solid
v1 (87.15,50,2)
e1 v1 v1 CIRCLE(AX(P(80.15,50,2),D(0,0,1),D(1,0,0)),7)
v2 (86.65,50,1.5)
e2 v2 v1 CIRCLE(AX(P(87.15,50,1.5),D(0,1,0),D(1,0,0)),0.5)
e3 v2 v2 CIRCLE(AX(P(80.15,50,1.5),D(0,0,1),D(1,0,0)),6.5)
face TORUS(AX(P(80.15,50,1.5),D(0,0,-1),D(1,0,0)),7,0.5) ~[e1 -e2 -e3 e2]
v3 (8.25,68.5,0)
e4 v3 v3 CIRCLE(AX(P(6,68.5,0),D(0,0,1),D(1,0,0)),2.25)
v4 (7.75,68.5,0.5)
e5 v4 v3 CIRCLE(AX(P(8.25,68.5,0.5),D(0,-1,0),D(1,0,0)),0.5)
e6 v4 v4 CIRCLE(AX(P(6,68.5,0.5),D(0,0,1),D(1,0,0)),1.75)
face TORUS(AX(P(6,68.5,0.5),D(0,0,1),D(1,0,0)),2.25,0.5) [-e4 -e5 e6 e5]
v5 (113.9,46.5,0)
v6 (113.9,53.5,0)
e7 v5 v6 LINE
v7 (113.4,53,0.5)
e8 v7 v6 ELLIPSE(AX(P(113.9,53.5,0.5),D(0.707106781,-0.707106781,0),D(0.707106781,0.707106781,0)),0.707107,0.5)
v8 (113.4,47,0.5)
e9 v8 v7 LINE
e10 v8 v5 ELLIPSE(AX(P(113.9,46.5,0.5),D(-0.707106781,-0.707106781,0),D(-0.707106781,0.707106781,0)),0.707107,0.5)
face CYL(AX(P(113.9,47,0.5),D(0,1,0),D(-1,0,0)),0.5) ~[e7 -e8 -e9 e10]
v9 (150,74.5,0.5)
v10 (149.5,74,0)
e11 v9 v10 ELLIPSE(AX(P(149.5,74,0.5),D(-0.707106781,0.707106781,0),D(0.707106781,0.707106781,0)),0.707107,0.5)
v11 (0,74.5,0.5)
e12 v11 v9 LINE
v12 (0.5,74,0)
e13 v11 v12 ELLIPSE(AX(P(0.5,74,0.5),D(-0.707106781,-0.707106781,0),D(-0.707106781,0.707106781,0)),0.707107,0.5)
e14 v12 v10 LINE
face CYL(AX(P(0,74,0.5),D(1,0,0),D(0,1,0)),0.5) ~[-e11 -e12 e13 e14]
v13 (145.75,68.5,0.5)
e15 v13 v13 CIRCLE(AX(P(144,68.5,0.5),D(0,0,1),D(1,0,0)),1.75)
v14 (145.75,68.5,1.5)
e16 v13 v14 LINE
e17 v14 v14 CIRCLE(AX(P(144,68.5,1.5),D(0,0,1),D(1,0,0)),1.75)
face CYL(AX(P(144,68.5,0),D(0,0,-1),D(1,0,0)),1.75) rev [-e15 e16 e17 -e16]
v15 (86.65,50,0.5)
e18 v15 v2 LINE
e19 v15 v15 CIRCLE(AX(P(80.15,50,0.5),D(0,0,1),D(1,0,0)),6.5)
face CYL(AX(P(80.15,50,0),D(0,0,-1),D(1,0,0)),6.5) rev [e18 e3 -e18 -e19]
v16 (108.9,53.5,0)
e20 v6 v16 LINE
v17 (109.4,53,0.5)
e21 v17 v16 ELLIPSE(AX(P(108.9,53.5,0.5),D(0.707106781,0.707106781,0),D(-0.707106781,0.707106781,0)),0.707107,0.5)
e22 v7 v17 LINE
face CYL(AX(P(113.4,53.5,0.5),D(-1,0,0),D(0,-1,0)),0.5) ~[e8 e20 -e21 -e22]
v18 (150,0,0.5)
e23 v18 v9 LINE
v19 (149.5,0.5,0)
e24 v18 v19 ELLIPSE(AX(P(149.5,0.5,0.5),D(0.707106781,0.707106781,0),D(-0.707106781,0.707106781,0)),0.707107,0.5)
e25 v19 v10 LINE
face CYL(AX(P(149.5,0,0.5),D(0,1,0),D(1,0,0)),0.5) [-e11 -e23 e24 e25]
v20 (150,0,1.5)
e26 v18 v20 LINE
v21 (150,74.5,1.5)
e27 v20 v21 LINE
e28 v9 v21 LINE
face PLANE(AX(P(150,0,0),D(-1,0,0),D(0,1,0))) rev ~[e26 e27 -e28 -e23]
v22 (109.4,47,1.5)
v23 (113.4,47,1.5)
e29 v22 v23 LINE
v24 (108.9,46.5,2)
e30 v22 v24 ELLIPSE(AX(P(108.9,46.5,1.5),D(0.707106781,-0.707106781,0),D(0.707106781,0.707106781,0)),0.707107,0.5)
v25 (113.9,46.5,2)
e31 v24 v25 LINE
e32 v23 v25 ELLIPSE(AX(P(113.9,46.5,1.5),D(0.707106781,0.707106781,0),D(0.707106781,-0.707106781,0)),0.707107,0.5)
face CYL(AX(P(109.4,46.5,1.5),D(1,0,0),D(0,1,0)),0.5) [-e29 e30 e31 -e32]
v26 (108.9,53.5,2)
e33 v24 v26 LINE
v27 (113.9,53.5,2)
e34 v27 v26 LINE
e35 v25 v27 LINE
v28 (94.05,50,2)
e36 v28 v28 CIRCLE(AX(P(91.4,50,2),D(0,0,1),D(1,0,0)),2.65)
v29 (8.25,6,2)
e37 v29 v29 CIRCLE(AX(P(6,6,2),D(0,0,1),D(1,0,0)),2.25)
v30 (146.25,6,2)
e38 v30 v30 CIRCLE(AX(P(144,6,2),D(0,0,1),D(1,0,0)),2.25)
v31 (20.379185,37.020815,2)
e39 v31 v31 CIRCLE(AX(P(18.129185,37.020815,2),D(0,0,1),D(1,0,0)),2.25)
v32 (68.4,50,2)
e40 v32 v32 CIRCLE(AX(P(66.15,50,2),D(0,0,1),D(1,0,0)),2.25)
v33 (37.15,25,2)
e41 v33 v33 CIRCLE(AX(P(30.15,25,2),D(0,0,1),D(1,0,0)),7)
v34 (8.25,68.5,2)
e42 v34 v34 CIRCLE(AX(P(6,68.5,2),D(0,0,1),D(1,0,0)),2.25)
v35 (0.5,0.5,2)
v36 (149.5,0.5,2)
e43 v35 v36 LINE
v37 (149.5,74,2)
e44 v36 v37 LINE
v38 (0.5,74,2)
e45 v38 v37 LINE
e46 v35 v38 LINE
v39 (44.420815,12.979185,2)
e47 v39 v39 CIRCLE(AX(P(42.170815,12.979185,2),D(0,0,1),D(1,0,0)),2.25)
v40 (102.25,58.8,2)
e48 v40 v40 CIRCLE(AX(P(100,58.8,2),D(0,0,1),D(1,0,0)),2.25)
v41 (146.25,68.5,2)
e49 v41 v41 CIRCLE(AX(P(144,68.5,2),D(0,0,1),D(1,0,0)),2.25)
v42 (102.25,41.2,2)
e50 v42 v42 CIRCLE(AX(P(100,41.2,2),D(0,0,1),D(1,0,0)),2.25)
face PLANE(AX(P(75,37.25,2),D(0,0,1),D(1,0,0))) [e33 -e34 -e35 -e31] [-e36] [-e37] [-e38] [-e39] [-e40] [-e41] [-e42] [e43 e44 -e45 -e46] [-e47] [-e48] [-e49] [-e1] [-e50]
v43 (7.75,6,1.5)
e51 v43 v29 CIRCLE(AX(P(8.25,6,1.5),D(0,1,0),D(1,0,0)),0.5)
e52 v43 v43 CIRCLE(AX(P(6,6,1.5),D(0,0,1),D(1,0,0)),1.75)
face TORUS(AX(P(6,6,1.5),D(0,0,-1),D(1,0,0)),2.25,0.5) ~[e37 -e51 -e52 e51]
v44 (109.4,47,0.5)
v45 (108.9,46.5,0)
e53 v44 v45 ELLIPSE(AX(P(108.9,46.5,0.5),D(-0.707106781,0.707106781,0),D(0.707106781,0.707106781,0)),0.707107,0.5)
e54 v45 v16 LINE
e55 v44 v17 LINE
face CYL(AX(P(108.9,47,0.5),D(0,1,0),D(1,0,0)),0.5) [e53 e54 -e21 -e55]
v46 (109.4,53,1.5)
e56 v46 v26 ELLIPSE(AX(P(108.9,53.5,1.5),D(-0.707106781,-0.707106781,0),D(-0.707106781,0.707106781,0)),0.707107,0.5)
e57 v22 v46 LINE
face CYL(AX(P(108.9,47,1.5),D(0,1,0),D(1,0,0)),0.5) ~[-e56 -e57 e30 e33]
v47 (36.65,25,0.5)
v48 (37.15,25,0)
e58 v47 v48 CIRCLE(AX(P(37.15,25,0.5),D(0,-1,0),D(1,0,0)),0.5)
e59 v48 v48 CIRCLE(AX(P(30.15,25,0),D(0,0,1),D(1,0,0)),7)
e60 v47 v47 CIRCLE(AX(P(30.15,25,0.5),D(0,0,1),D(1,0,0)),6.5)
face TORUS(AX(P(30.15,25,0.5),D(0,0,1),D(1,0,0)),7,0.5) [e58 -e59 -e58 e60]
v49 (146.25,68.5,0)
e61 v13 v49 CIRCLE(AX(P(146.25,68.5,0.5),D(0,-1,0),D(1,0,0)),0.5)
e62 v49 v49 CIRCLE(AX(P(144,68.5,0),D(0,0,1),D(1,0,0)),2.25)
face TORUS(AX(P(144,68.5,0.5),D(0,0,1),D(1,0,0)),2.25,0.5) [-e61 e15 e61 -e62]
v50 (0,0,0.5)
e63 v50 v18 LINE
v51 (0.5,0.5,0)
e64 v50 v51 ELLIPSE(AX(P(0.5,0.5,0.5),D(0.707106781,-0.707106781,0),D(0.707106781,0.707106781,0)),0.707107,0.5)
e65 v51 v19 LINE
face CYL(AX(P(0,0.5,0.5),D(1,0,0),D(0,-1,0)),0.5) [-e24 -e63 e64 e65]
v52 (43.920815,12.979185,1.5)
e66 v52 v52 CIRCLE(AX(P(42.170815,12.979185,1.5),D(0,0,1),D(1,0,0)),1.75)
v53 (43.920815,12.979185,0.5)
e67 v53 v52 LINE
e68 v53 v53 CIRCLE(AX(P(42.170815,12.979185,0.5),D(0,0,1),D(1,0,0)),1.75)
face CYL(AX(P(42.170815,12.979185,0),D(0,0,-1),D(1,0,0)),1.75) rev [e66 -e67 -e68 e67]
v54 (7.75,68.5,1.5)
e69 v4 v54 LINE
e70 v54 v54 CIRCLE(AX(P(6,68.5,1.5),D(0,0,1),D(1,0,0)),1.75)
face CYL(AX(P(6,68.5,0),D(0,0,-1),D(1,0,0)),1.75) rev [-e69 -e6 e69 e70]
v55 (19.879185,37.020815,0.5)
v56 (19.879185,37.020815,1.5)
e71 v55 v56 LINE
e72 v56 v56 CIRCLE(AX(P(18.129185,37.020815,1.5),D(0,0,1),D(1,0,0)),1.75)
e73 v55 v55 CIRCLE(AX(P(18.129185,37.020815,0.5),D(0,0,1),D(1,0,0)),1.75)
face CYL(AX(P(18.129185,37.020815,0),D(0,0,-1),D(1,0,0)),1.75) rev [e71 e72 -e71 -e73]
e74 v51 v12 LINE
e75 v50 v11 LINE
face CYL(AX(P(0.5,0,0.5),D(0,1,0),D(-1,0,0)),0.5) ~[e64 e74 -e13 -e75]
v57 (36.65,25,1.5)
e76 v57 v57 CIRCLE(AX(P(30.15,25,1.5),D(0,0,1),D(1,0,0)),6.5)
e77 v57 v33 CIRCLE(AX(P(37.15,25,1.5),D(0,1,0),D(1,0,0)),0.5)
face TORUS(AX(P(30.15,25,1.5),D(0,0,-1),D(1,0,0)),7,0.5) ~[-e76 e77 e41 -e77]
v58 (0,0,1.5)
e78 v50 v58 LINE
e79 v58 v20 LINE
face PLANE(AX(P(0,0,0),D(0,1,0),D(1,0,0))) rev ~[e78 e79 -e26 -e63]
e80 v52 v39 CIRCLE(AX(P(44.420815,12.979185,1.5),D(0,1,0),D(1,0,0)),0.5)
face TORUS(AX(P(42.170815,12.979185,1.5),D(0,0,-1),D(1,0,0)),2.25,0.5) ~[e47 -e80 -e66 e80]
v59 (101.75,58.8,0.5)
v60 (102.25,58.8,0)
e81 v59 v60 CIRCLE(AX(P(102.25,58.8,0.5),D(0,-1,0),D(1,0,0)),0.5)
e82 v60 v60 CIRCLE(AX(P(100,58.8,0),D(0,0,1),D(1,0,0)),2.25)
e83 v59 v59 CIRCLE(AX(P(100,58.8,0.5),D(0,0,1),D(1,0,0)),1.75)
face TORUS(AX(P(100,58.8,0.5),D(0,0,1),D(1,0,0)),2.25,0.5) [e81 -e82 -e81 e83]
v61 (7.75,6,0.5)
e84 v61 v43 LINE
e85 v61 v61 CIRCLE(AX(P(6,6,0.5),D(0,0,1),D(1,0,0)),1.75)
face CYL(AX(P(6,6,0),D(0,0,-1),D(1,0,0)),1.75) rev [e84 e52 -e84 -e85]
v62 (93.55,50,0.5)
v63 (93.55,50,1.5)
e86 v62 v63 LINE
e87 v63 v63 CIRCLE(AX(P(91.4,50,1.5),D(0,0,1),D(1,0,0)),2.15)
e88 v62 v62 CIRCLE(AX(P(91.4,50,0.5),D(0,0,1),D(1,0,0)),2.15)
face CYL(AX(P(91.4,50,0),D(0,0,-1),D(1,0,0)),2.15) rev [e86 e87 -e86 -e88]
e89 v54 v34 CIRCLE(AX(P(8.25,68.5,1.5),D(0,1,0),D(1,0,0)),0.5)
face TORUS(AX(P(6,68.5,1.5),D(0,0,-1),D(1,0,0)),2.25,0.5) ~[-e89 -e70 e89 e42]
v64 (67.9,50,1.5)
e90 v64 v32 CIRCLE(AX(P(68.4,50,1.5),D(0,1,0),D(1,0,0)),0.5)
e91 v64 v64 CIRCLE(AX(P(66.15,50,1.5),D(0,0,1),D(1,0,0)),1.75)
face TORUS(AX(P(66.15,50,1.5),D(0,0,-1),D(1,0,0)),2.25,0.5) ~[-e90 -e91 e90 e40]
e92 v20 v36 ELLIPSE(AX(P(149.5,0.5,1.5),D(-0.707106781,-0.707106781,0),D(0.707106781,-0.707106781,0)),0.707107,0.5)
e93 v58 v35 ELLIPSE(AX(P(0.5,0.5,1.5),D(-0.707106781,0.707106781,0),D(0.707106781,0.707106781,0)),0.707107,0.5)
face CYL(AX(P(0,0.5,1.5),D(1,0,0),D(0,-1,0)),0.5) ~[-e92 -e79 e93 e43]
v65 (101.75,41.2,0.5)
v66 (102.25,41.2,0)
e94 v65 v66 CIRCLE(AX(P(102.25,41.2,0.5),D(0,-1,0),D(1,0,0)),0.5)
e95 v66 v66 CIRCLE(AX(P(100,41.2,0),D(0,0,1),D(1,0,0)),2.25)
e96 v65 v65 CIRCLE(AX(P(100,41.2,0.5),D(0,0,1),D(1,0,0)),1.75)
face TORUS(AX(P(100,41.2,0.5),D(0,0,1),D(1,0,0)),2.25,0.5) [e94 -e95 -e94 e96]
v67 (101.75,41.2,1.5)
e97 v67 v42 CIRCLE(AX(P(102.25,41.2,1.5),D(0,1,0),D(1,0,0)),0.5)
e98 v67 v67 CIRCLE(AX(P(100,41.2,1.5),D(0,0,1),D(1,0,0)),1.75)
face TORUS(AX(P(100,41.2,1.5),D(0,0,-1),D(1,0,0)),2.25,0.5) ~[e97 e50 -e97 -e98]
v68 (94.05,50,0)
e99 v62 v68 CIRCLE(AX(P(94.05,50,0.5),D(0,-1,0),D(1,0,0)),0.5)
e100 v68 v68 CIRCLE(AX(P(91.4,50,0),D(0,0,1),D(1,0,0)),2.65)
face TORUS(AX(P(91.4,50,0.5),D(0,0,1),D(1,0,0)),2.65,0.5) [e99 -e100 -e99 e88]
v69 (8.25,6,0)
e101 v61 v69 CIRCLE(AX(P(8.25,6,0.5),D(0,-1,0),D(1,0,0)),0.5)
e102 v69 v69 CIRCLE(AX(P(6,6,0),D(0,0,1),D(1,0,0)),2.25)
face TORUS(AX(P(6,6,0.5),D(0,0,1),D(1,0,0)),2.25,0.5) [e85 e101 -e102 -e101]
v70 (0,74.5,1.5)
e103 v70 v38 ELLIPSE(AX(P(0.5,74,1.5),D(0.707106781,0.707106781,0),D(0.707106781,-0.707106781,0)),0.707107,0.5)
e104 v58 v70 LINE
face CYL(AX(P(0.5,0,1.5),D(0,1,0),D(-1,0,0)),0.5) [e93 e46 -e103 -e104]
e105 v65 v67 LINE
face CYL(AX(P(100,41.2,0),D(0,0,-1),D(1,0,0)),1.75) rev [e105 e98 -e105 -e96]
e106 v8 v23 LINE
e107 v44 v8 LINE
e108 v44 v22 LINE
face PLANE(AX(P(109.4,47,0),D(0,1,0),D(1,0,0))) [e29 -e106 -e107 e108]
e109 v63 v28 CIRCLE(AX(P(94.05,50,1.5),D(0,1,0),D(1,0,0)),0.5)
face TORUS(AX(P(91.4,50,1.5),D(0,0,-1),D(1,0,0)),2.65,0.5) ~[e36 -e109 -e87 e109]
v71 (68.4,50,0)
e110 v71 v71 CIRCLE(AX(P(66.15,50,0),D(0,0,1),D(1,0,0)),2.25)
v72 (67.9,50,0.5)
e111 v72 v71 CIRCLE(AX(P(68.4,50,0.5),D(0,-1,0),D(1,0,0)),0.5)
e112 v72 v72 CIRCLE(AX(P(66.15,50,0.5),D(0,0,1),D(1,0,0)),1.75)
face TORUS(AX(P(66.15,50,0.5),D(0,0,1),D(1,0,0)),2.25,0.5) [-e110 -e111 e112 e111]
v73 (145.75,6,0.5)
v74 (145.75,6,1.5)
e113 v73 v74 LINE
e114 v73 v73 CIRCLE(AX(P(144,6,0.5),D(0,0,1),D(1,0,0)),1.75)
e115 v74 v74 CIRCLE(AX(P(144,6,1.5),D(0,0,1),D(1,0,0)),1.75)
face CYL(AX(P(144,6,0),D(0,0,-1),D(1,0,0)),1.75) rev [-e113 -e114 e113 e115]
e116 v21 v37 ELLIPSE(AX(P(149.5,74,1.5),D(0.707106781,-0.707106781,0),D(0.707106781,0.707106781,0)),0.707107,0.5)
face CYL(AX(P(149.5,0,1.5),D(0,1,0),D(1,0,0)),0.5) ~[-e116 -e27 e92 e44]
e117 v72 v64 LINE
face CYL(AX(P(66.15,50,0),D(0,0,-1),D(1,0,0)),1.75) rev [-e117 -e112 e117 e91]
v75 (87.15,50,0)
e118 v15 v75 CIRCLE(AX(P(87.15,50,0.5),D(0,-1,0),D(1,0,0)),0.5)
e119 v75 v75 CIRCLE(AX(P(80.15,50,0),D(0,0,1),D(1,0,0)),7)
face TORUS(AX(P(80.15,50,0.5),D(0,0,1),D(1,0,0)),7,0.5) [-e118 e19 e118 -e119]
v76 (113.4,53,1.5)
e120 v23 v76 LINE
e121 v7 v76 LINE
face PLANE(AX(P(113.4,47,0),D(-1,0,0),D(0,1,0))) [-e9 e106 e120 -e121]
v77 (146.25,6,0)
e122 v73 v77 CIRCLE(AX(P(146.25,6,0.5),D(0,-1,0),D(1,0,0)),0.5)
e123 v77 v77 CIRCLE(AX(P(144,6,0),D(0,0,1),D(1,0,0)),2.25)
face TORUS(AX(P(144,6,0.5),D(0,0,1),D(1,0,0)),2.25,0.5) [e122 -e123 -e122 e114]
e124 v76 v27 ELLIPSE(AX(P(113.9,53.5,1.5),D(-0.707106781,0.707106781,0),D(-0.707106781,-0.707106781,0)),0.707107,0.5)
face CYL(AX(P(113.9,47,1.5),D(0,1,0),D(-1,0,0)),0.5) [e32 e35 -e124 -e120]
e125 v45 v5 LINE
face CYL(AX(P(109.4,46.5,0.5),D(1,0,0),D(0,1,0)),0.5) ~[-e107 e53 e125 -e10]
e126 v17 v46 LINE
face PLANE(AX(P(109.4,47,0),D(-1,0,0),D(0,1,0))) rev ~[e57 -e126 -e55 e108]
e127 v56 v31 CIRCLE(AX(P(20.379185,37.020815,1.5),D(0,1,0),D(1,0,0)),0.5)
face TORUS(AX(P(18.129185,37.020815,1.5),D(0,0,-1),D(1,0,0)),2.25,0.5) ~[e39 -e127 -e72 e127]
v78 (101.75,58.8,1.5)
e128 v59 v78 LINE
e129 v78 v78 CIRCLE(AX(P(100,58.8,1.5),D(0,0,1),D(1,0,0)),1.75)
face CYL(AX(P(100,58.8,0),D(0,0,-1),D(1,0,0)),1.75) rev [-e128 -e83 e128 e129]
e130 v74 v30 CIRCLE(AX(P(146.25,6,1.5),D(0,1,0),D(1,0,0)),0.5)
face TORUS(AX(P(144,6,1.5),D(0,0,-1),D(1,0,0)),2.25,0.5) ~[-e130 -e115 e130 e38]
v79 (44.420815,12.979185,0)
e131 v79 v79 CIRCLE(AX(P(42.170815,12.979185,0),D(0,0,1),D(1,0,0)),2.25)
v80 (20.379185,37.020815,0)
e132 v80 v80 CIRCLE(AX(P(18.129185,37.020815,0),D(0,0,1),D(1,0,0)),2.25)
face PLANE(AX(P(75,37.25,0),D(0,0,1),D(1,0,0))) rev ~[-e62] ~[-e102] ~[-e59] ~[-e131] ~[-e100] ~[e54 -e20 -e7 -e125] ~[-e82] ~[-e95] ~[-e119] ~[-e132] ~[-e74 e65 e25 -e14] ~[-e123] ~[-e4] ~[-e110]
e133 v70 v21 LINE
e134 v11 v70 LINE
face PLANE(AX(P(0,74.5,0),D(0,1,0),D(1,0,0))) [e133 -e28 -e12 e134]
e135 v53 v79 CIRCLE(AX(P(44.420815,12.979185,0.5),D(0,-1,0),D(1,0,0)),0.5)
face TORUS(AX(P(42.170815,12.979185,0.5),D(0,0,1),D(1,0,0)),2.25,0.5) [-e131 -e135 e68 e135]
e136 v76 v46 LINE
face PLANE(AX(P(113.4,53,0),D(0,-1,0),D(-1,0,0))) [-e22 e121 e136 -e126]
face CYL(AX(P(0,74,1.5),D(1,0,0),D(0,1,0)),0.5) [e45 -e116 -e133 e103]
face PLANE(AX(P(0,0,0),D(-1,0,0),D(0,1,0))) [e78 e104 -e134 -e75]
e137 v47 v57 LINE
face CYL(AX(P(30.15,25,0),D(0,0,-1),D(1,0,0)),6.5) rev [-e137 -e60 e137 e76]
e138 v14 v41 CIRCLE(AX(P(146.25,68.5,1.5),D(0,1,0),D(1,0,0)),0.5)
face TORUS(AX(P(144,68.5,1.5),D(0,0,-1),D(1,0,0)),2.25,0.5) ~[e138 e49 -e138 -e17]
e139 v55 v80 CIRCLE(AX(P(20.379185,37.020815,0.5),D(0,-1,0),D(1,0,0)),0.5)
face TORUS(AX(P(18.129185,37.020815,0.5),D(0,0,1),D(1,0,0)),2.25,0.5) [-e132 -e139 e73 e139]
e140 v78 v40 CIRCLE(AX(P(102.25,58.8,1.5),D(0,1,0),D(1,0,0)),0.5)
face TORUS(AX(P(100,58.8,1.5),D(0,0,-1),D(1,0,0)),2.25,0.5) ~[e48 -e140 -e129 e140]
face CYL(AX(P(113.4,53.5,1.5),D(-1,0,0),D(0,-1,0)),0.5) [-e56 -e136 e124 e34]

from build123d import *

# Parameters (mm, degrees)
SKETCH1_W           = 150
SKETCH1_H           = 74.5
SKETCH1_R           = 6.5
SKETCH1_R_2         = 1.75
SKETCH1_R_3         = 2.15
BOSS_EXTRUDE1_DEPTH = 2
FILLET1_R           = 0.5


with BuildPart() as part:
    # Sketch1 → Boss-Extrude1 (new body)
    with BuildSketch(Plane.XY):
        with Locations((75, 37.25)):
            Rectangle(SKETCH1_W, SKETCH1_H)
        with Locations((80.15, 50)):
            Circle(SKETCH1_R, mode=Mode.SUBTRACT)
        with Locations((66.15, 50)):
            Circle(SKETCH1_R_2, mode=Mode.SUBTRACT)
        with Locations((91.4, 50)):
            Circle(SKETCH1_R_3, mode=Mode.SUBTRACT)
        with Locations((100, 58.8)):
            Circle(SKETCH1_R_2, mode=Mode.SUBTRACT)
        with Locations((100, 41.2)):
            Circle(SKETCH1_R_2, mode=Mode.SUBTRACT)
        with Locations((6, 68.5)):
            Circle(SKETCH1_R_2, mode=Mode.SUBTRACT)
        with Locations((6, 6)):
            Circle(SKETCH1_R_2, mode=Mode.SUBTRACT)
        with Locations((18.12918472, 37.02081528)):
            Circle(SKETCH1_R_2, mode=Mode.SUBTRACT)
        with Locations((42.17081528, 12.97918472)):
            Circle(SKETCH1_R_2, mode=Mode.SUBTRACT)
        with Locations((30.15, 25)):
            Circle(SKETCH1_R, mode=Mode.SUBTRACT)
        with Locations((144, 68.5)):
            Circle(SKETCH1_R_2, mode=Mode.SUBTRACT)
        with Locations((144, 6)):
            Circle(SKETCH1_R_2, mode=Mode.SUBTRACT)
        Polygon((109.4, 50), (109.4, 47), (113.4, 47), (113.4, 53), (109.4, 53), align=None, mode=Mode.SUBTRACT)
    extrude(amount=BOSS_EXTRUDE1_DEPTH)

    # Fillet1
    fillet1_edges = [part.edges().sort_by_distance(p)[0] for p in [
        (75, 0, 2),
        (150, 37.25, 2),
        (75, 74.5, 2),
        (0, 37.25, 2),
        (16.37918472, 37.02081528, 2),
        (40.42081528, 12.97918472, 2),
        (0, 37.25, 0),
        (75, 74.5, 0),
        (150, 37.25, 0),
        (75, 0, 0),
        (98.25, 58.8, 0),
        (4.25, 68.5, 0),
        (4.25, 6, 0),
        (23.65, 25, 0),
        (142.25, 68.5, 0),
        (98.25, 41.2, 2),
        (142.25, 6, 0),
        (113.4, 50, 0),
        (111.4, 53, 0),
        (109.4, 50, 0),
        (111.4, 47, 0),
        (73.65, 50, 0),
        (64.4, 50, 0),
        (89.25, 50, 0),
        (98.25, 41.2, 0),
        (40.42081528, 12.97918472, 0),
        (89.25, 50, 2),
        (16.37918472, 37.02081528, 0),
        (64.4, 50, 2),
        (73.65, 50, 2),
        (111.4, 47, 2),
        (109.4, 50, 2),
        (111.4, 53, 2),
        (113.4, 50, 2),
        (142.25, 6, 2),
        (142.25, 68.5, 2),
        (23.65, 25, 2),
        (4.25, 6, 2),
        (4.25, 68.5, 2),
        (98.25, 58.8, 2),
    ]]
    fillet(fillet1_edges, radius=FILLET1_R)


solid = part.part
